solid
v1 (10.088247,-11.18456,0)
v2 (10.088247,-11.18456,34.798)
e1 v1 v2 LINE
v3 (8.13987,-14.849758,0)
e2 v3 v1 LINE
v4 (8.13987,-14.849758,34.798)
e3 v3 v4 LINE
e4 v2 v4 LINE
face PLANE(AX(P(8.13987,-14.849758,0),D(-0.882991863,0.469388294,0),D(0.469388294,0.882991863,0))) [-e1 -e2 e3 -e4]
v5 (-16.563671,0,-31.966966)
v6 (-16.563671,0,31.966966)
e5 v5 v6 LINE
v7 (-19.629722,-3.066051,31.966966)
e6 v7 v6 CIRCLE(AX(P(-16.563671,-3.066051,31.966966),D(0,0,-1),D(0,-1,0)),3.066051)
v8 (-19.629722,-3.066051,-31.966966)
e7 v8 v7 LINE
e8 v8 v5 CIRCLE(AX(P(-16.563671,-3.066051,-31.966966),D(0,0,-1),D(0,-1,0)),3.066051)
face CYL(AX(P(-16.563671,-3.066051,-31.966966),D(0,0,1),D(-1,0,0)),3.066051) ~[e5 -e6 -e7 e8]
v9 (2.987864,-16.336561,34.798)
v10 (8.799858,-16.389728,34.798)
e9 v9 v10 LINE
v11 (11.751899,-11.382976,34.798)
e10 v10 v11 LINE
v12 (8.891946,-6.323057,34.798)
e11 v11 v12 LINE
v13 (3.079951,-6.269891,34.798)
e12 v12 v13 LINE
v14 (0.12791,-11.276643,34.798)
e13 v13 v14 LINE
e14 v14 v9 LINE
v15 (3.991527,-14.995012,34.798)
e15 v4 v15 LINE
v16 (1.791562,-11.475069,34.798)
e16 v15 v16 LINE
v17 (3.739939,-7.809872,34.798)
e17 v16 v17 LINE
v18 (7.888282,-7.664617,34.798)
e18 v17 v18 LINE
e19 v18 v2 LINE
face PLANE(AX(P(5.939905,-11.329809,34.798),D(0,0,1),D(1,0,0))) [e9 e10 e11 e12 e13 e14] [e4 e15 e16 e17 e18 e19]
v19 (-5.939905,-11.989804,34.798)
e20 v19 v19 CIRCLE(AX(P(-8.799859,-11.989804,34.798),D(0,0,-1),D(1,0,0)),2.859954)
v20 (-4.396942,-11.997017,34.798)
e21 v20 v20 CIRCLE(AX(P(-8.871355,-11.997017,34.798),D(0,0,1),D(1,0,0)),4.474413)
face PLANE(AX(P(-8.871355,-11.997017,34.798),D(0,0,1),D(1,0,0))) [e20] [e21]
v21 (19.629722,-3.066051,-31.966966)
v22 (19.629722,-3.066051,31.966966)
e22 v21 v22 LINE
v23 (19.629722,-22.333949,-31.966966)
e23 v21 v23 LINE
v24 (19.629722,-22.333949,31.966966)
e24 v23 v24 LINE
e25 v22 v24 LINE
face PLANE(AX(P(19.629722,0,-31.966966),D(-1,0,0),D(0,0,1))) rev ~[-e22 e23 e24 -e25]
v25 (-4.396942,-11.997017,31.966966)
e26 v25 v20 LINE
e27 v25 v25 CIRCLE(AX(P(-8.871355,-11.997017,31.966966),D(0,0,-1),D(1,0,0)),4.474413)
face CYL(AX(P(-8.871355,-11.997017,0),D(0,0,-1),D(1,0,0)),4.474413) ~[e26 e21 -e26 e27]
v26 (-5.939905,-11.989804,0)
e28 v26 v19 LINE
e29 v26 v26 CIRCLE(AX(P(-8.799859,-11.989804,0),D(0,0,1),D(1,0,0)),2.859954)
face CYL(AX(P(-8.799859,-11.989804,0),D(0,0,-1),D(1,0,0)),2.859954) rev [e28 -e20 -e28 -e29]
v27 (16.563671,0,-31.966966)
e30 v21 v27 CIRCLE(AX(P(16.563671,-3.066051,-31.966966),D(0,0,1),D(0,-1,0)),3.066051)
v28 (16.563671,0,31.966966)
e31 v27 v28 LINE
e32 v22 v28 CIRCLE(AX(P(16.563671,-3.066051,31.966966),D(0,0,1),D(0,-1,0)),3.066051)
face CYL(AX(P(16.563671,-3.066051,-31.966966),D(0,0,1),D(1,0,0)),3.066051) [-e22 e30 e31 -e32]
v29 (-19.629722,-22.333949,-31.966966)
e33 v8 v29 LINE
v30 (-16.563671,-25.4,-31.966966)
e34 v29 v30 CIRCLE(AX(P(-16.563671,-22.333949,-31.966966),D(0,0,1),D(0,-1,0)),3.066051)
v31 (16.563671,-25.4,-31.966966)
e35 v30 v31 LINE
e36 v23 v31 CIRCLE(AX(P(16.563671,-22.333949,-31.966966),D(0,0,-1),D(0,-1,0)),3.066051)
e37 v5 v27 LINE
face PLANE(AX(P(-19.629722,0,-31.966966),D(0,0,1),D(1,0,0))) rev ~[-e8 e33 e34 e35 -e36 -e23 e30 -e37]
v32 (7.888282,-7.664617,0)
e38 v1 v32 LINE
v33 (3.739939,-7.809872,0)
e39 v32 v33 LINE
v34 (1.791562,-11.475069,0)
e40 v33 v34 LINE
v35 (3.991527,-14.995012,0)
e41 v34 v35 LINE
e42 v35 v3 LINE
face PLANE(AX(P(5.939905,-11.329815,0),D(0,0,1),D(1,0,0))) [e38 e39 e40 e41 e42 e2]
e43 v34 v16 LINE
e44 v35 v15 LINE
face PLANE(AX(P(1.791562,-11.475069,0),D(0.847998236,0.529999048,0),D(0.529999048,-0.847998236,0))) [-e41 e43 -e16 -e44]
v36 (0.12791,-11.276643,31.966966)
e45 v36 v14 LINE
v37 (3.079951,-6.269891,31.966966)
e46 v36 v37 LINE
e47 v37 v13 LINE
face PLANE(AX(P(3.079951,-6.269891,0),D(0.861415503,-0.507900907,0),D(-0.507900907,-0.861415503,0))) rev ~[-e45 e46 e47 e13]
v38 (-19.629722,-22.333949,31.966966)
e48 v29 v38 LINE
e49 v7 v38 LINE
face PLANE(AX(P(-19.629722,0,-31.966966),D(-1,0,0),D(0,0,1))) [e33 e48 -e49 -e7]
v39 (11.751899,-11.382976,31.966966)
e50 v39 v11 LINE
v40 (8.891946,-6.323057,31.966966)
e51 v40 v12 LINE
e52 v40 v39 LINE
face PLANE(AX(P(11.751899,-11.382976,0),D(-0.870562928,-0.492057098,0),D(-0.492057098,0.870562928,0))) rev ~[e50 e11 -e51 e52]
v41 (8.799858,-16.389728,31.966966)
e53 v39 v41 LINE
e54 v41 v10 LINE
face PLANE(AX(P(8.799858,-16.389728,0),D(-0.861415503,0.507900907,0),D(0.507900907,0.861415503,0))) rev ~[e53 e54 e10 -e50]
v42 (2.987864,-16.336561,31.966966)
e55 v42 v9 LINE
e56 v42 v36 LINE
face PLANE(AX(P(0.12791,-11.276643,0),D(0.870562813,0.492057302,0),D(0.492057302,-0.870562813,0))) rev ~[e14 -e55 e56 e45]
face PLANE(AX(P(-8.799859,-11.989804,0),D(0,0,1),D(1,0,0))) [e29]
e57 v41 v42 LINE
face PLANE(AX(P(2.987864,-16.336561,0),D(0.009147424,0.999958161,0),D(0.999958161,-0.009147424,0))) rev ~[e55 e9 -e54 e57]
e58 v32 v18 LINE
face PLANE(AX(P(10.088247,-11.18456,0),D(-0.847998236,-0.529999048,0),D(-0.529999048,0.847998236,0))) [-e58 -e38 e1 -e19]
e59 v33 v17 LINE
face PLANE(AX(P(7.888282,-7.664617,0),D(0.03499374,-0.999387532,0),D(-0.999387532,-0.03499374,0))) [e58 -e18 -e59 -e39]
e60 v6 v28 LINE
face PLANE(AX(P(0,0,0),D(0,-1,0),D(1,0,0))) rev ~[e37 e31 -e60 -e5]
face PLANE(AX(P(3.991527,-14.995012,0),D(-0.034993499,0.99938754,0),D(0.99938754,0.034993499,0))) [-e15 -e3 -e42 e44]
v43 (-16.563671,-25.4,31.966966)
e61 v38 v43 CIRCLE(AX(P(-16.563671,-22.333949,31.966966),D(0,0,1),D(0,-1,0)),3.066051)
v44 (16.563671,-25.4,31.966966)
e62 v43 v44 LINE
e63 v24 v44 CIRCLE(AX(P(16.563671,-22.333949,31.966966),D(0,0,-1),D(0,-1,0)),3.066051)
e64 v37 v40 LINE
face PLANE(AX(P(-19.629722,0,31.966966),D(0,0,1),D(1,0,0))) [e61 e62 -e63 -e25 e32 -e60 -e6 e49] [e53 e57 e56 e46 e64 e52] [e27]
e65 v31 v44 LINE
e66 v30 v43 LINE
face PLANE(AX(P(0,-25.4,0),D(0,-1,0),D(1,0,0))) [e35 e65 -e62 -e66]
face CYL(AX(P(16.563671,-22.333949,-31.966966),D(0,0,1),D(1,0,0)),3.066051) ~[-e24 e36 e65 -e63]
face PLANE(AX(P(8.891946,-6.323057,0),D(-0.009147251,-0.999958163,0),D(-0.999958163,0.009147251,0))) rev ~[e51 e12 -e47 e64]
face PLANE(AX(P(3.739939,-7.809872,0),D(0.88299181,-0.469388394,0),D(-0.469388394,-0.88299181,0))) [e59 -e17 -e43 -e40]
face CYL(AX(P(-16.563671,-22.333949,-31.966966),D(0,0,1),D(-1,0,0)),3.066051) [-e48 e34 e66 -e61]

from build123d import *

# Parameters (mm, degrees)
F0_W     = 39.259444
F0_H     = 63.933932
F1_DEPTH = 25.4
F2_R     = 3.066051
F3_R     = 4.474413
F4_DEPTH = 34.798
F6_DEPTH = 34.798
F7_R     = 2.859954
F8_DEPTH = 35.306


with BuildPart() as f1:
    # F0 (on Front) → F1 (new body)
    with BuildSketch(Plane.XZ):
        Rectangle(F0_W, F0_H)
    extrude(amount=F1_DEPTH)

    # F2
    f2_edges = [f1.edges().sort_by_distance(p)[0] for p in [
        (-19.629722, -25.4, 0),
        (19.629722, 0, 0),
        (19.629722, -25.4, 0),
        (-19.629722, 0, 0),
    ]]
    fillet(f2_edges, radius=F2_R)

    # F3 (on Top) → F4 (join)
    with BuildSketch(Plane.XY):
        with Locations((-8.871355, -11.997017)):
            Circle(F3_R)
    extrude(amount=F4_DEPTH)

    # F5 (on Top) → F6 (join)
    with BuildSketch(Plane.XY):
        Polygon((2.987864, -16.336561), (8.799858, -16.389728), (11.751899, -11.382976), (8.891946, -6.323057), (3.079951, -6.269891), (0.12791, -11.276643), align=None)
    extrude(amount=F6_DEPTH)

    # F7 (on Top) → F8 (cut)
    with BuildSketch(Plane.XY):
        with Locations((-8.799859, -11.989804)):
            Circle(F7_R)
        Polygon((7.888282, -7.664617), (3.739939, -7.809872), (1.791562, -11.475069), (3.991527, -14.995012), (8.13987, -14.849758), (10.088247, -11.18456), align=None)
    extrude(amount=F8_DEPTH, mode=Mode.SUBTRACT)


solid = f1.part
